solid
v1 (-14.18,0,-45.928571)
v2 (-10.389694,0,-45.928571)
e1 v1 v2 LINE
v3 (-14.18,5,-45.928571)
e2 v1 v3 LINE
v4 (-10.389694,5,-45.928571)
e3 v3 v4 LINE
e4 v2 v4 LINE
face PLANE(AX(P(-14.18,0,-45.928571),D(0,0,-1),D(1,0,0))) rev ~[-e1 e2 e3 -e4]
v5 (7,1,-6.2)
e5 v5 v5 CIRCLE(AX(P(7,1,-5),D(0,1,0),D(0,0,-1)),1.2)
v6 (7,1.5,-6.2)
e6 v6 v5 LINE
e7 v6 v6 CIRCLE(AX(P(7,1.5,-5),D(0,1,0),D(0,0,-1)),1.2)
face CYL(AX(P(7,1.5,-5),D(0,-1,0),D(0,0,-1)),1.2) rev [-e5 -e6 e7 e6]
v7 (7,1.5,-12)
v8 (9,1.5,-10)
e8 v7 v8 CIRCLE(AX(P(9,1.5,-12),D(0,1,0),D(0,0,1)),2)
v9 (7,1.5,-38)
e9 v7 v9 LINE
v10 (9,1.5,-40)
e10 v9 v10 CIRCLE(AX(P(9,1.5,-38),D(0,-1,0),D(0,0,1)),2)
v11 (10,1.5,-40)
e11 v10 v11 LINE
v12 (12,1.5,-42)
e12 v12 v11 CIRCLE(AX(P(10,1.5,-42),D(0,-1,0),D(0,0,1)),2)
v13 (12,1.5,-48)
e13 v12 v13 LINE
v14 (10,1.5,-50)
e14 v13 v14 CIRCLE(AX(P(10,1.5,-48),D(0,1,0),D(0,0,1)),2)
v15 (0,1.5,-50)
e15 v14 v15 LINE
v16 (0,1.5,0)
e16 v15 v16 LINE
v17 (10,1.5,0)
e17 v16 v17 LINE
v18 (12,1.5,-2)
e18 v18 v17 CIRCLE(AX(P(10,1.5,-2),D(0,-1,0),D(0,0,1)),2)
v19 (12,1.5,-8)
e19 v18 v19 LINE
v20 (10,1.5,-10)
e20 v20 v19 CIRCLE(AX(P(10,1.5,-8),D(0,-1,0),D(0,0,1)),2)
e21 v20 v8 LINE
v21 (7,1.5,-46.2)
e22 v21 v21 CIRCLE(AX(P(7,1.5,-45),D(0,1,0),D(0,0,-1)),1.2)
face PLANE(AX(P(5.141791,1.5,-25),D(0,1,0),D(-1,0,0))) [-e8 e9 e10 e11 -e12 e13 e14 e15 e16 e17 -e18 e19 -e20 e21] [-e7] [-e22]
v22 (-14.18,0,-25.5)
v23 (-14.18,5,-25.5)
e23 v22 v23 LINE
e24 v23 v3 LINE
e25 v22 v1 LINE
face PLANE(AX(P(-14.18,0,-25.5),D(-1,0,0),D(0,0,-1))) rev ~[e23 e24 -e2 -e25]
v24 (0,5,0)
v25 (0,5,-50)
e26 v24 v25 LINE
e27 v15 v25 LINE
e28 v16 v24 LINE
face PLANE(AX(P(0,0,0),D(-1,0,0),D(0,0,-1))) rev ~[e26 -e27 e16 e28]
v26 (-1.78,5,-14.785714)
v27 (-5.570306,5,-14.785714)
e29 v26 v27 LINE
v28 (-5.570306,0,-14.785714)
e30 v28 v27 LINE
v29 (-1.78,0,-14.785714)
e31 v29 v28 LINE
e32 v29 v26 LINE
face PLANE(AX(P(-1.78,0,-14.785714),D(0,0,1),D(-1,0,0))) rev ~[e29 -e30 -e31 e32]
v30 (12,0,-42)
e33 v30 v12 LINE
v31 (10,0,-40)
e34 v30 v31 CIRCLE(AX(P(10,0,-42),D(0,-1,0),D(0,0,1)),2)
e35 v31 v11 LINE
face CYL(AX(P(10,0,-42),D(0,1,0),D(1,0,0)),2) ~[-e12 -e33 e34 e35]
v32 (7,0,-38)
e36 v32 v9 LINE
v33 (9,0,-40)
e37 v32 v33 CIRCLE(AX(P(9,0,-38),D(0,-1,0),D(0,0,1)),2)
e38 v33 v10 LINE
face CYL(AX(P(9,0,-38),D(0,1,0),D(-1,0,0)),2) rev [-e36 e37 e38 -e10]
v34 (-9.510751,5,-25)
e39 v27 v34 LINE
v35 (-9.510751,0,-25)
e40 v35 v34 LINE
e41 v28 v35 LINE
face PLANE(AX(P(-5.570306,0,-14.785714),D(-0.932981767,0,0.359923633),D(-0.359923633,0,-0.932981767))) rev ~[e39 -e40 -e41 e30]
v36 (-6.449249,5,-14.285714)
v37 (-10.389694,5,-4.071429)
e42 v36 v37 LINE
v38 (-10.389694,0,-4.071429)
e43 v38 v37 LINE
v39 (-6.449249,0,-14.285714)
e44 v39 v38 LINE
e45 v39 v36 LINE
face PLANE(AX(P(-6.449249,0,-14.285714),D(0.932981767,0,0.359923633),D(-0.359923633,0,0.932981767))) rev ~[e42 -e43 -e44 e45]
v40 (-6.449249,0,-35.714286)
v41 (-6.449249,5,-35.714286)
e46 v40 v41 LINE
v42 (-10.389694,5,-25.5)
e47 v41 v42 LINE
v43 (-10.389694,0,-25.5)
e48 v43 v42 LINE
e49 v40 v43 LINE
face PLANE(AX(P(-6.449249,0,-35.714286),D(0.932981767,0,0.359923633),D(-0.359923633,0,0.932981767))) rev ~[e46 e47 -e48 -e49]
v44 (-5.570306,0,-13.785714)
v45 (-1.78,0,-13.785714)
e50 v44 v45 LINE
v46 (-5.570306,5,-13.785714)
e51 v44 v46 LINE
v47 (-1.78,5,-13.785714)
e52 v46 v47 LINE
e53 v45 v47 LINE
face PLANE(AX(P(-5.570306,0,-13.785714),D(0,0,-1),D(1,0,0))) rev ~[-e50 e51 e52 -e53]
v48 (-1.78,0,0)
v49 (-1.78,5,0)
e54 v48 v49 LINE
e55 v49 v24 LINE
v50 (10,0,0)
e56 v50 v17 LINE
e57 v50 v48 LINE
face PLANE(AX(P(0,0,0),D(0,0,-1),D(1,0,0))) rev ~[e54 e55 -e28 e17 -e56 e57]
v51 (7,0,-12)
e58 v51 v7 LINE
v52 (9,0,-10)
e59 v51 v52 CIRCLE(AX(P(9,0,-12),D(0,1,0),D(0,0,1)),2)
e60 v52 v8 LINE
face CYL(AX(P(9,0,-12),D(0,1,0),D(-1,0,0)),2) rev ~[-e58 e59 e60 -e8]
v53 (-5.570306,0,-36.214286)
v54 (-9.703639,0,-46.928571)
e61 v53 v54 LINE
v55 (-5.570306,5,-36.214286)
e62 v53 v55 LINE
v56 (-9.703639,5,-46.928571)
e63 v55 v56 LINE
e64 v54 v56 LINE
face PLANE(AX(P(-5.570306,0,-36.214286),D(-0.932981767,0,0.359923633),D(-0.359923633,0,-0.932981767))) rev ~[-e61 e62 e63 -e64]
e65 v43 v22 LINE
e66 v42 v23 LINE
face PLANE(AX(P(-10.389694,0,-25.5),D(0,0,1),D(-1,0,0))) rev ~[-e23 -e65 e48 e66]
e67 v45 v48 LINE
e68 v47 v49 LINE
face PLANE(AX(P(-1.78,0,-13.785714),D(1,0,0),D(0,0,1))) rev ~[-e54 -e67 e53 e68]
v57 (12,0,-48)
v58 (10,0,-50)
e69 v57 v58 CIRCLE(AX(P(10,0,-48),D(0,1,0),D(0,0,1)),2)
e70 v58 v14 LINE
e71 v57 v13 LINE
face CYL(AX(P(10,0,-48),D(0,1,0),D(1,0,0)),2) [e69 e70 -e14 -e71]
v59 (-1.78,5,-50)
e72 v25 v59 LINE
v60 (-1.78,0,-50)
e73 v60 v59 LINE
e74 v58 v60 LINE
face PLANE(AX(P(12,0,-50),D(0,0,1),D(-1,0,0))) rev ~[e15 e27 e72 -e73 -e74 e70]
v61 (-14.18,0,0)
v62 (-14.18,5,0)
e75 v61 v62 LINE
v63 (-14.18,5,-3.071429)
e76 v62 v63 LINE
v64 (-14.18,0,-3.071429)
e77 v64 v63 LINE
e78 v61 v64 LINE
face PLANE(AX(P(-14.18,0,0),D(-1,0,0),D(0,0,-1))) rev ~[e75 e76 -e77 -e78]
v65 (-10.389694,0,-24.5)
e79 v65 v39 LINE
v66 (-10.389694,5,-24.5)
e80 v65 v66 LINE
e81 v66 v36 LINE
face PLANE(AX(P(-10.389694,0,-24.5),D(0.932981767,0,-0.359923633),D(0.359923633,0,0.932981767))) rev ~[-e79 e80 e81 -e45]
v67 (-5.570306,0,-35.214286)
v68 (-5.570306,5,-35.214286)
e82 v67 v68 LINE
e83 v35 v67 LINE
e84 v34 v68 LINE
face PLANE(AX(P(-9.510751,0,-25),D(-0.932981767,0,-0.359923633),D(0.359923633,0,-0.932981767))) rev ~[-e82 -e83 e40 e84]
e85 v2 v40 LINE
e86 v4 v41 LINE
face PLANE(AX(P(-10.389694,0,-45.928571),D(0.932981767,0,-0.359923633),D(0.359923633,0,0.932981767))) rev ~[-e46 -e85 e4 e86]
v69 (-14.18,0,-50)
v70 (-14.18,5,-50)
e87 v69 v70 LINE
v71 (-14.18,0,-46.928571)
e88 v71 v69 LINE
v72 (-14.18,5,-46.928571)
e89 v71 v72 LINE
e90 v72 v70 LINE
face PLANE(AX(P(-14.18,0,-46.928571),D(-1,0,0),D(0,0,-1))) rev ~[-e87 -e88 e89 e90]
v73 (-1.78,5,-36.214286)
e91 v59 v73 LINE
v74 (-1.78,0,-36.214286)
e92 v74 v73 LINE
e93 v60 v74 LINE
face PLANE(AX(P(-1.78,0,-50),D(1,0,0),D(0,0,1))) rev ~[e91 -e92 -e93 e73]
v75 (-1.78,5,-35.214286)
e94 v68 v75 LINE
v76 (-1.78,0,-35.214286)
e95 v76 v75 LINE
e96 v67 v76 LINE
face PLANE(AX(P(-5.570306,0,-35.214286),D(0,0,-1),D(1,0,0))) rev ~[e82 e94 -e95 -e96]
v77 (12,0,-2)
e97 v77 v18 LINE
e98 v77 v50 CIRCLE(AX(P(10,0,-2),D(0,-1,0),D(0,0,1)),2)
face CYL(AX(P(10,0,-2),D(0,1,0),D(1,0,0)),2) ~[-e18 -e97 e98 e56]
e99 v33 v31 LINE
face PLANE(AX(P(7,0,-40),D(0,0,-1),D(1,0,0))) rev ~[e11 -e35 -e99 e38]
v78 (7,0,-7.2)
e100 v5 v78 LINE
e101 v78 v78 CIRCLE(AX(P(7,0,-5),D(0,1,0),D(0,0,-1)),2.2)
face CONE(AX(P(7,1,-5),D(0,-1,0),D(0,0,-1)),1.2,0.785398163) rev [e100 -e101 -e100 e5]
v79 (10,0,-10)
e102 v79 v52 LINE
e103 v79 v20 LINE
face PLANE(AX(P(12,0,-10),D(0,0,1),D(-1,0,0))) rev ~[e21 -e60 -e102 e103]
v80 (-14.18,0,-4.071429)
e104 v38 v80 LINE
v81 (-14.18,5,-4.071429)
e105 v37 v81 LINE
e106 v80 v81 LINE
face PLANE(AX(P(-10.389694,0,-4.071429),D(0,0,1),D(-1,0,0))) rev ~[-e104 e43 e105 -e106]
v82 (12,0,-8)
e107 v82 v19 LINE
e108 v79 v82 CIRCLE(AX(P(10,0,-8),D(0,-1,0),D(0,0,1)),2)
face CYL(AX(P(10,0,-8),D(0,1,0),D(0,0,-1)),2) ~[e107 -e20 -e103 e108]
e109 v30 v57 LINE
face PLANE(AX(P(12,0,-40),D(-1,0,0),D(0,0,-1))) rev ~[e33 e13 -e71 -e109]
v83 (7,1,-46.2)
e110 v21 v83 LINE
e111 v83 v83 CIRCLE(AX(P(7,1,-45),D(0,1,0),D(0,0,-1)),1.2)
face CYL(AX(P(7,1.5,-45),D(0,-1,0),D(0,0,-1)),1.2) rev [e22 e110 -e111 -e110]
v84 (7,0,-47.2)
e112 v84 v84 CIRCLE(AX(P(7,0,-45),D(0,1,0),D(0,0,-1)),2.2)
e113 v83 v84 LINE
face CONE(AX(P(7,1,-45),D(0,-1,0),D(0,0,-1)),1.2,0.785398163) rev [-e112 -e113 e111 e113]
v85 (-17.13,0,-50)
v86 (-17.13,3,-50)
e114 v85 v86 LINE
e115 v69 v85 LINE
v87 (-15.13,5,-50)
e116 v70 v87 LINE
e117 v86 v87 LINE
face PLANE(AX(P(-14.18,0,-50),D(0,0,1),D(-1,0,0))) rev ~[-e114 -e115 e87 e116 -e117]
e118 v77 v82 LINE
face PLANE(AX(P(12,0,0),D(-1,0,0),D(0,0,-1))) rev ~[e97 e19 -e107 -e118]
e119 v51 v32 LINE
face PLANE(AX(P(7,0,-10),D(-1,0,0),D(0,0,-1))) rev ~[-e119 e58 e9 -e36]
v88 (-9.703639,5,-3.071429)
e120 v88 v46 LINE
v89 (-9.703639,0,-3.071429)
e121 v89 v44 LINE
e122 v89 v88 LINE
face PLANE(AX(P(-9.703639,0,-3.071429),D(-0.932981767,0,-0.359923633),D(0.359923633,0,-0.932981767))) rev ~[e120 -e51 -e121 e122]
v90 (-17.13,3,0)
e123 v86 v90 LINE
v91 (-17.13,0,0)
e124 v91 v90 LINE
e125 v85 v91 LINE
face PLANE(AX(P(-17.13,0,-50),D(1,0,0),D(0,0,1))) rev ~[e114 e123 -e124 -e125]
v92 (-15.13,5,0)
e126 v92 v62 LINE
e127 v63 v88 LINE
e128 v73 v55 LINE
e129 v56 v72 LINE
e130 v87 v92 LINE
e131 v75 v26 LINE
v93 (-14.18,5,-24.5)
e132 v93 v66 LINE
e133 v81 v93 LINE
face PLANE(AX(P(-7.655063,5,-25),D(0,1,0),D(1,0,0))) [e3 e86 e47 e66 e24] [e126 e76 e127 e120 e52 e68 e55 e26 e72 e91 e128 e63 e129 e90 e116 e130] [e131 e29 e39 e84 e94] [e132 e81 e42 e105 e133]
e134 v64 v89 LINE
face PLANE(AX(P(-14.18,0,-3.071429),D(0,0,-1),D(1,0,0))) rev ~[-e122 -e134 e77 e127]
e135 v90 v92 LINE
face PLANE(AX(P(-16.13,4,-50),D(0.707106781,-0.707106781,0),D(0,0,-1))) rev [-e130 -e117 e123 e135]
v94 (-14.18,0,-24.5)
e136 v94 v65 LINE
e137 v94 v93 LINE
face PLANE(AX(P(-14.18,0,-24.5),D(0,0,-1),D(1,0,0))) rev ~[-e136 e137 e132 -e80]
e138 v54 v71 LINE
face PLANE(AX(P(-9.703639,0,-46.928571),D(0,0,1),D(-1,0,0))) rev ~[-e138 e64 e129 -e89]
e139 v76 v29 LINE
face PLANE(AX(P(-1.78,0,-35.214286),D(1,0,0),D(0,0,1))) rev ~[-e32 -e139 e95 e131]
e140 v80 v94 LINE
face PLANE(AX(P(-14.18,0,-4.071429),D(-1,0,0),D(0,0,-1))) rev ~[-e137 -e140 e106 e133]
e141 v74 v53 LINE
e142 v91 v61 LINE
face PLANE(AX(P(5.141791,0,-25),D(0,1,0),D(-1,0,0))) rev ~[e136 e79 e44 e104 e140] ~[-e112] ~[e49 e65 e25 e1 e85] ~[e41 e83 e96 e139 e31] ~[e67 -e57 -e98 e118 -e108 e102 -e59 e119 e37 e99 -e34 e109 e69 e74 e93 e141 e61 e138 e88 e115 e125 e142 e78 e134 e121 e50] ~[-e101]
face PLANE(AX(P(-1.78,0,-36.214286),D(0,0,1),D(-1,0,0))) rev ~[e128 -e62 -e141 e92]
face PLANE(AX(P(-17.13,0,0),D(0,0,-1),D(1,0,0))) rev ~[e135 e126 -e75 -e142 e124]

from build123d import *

# Parameters (mm, degrees)
BOSS_EXTRUDE1_DEPTH                            = 5
BOSS_EXTRUDE3_DEPTH                            = 1.5
FILLET1_R                                      = 2
CSK_FOR_M2_FLAT_HEAD_MACHINE_SCREW1_AT_2_COUNT = 2
CSK_FOR_M2_FLAT_HEAD_MACHINE_SCREW1_AT_2_PITCH = 40
CHAMFER1_SIZE                                  = 2


with BuildPart() as part:
    # Sketch1 → Boss-Extrude1 (new body)
    with BuildSketch(Plane(origin=(0, 0, 0), x_dir=(1, 0, 0), z_dir=(0, 1, 0))):
        Polygon((-14.18, 46.928571429), (-14.18, 50), (-17.13, 50), (-17.13, 0), (-14.18, 0), (-14.18, 3.071428571), (-9.703639402, 3.071428571), (-5.570306069, 13.785714286), (-1.78, 13.785714286), (-1.78, 0), (0, 0), (0, 50), (-1.78, 50), (-1.78, 36.214285714), (-5.570306069, 36.214285714), (-9.703639402, 46.928571429), align=None)
        Polygon((-14.18, 4.071428571), (-14.18, 24.5), (-10.389693931, 24.5), (-6.449249487, 14.285714286), (-10.389693931, 4.071428571), align=None, mode=Mode.SUBTRACT)
        Polygon((-10.389693931, 45.928571429), (-6.449249487, 35.714285714), (-10.389693931, 25.5), (-14.18, 25.5), (-14.18, 45.928571429), align=None, mode=Mode.SUBTRACT)
        Polygon((-5.570306069, 14.785714286), (-9.510750513, 25), (-5.570306069, 35.214285714), (-1.78, 35.214285714), (-1.78, 14.785714286), align=None, mode=Mode.SUBTRACT)
    extrude(amount=BOSS_EXTRUDE1_DEPTH)

    # Sketch5 → Boss-Extrude3 (add)
    with BuildSketch(Plane.XZ):
        Polygon((12, -40), (12, -50), (0, -50), (0, 0), (12, 0), (12, -10), (7, -10), (7, -40), align=None)
    extrude(amount=-BOSS_EXTRUDE3_DEPTH)

    # Fillet1
    fillet1_edges = [part.edges().sort_by_distance(p)[0] for p in [
        (12, 0.75, -40),
        (12, 0.75, -50),
        (12, 0.75, 0),
        (12, 0.75, -10),
        (7, 0.75, -10),
        (7, 0.75, -40),
    ]]
    fillet(fillet1_edges, radius=FILLET1_R)

    # Sketch6 → CSK for M2 Flat Head Machine Screw1 (revolve, cut)
    with BuildSketch(Plane(origin=(7, 0, -5), x_dir=(0, 0, -1), z_dir=(1, 0, 0))):
        Polygon((0, 0), (0, 1.5), (1.2, 1.5), (1.2, 1), (2.2, 0), align=None)
    csk_for_m2_flat_head_machine_screw1 = revolve(axis=Axis((7, -6.35, -5), (0, 1, 0)), mode=Mode.SUBTRACT)

    # CSK for M2 Flat Head Machine Screw1 at 2: CSK for M2 Flat Head Machine Screw1 ×2
    with Locations(*[(0, 0, -i * CSK_FOR_M2_FLAT_HEAD_MACHINE_SCREW1_AT_2_PITCH) for i in range(1, CSK_FOR_M2_FLAT_HEAD_MACHINE_SCREW1_AT_2_COUNT)]):
        add(csk_for_m2_flat_head_machine_screw1, mode=Mode.SUBTRACT)

    # Chamfer1
    chamfer1_edges = [part.edges().sort_by_distance(p)[0] for p in [
        (-17.13, 5, -25),
    ]]
    chamfer(chamfer1_edges, length=CHAMFER1_SIZE)


solid = part.part
